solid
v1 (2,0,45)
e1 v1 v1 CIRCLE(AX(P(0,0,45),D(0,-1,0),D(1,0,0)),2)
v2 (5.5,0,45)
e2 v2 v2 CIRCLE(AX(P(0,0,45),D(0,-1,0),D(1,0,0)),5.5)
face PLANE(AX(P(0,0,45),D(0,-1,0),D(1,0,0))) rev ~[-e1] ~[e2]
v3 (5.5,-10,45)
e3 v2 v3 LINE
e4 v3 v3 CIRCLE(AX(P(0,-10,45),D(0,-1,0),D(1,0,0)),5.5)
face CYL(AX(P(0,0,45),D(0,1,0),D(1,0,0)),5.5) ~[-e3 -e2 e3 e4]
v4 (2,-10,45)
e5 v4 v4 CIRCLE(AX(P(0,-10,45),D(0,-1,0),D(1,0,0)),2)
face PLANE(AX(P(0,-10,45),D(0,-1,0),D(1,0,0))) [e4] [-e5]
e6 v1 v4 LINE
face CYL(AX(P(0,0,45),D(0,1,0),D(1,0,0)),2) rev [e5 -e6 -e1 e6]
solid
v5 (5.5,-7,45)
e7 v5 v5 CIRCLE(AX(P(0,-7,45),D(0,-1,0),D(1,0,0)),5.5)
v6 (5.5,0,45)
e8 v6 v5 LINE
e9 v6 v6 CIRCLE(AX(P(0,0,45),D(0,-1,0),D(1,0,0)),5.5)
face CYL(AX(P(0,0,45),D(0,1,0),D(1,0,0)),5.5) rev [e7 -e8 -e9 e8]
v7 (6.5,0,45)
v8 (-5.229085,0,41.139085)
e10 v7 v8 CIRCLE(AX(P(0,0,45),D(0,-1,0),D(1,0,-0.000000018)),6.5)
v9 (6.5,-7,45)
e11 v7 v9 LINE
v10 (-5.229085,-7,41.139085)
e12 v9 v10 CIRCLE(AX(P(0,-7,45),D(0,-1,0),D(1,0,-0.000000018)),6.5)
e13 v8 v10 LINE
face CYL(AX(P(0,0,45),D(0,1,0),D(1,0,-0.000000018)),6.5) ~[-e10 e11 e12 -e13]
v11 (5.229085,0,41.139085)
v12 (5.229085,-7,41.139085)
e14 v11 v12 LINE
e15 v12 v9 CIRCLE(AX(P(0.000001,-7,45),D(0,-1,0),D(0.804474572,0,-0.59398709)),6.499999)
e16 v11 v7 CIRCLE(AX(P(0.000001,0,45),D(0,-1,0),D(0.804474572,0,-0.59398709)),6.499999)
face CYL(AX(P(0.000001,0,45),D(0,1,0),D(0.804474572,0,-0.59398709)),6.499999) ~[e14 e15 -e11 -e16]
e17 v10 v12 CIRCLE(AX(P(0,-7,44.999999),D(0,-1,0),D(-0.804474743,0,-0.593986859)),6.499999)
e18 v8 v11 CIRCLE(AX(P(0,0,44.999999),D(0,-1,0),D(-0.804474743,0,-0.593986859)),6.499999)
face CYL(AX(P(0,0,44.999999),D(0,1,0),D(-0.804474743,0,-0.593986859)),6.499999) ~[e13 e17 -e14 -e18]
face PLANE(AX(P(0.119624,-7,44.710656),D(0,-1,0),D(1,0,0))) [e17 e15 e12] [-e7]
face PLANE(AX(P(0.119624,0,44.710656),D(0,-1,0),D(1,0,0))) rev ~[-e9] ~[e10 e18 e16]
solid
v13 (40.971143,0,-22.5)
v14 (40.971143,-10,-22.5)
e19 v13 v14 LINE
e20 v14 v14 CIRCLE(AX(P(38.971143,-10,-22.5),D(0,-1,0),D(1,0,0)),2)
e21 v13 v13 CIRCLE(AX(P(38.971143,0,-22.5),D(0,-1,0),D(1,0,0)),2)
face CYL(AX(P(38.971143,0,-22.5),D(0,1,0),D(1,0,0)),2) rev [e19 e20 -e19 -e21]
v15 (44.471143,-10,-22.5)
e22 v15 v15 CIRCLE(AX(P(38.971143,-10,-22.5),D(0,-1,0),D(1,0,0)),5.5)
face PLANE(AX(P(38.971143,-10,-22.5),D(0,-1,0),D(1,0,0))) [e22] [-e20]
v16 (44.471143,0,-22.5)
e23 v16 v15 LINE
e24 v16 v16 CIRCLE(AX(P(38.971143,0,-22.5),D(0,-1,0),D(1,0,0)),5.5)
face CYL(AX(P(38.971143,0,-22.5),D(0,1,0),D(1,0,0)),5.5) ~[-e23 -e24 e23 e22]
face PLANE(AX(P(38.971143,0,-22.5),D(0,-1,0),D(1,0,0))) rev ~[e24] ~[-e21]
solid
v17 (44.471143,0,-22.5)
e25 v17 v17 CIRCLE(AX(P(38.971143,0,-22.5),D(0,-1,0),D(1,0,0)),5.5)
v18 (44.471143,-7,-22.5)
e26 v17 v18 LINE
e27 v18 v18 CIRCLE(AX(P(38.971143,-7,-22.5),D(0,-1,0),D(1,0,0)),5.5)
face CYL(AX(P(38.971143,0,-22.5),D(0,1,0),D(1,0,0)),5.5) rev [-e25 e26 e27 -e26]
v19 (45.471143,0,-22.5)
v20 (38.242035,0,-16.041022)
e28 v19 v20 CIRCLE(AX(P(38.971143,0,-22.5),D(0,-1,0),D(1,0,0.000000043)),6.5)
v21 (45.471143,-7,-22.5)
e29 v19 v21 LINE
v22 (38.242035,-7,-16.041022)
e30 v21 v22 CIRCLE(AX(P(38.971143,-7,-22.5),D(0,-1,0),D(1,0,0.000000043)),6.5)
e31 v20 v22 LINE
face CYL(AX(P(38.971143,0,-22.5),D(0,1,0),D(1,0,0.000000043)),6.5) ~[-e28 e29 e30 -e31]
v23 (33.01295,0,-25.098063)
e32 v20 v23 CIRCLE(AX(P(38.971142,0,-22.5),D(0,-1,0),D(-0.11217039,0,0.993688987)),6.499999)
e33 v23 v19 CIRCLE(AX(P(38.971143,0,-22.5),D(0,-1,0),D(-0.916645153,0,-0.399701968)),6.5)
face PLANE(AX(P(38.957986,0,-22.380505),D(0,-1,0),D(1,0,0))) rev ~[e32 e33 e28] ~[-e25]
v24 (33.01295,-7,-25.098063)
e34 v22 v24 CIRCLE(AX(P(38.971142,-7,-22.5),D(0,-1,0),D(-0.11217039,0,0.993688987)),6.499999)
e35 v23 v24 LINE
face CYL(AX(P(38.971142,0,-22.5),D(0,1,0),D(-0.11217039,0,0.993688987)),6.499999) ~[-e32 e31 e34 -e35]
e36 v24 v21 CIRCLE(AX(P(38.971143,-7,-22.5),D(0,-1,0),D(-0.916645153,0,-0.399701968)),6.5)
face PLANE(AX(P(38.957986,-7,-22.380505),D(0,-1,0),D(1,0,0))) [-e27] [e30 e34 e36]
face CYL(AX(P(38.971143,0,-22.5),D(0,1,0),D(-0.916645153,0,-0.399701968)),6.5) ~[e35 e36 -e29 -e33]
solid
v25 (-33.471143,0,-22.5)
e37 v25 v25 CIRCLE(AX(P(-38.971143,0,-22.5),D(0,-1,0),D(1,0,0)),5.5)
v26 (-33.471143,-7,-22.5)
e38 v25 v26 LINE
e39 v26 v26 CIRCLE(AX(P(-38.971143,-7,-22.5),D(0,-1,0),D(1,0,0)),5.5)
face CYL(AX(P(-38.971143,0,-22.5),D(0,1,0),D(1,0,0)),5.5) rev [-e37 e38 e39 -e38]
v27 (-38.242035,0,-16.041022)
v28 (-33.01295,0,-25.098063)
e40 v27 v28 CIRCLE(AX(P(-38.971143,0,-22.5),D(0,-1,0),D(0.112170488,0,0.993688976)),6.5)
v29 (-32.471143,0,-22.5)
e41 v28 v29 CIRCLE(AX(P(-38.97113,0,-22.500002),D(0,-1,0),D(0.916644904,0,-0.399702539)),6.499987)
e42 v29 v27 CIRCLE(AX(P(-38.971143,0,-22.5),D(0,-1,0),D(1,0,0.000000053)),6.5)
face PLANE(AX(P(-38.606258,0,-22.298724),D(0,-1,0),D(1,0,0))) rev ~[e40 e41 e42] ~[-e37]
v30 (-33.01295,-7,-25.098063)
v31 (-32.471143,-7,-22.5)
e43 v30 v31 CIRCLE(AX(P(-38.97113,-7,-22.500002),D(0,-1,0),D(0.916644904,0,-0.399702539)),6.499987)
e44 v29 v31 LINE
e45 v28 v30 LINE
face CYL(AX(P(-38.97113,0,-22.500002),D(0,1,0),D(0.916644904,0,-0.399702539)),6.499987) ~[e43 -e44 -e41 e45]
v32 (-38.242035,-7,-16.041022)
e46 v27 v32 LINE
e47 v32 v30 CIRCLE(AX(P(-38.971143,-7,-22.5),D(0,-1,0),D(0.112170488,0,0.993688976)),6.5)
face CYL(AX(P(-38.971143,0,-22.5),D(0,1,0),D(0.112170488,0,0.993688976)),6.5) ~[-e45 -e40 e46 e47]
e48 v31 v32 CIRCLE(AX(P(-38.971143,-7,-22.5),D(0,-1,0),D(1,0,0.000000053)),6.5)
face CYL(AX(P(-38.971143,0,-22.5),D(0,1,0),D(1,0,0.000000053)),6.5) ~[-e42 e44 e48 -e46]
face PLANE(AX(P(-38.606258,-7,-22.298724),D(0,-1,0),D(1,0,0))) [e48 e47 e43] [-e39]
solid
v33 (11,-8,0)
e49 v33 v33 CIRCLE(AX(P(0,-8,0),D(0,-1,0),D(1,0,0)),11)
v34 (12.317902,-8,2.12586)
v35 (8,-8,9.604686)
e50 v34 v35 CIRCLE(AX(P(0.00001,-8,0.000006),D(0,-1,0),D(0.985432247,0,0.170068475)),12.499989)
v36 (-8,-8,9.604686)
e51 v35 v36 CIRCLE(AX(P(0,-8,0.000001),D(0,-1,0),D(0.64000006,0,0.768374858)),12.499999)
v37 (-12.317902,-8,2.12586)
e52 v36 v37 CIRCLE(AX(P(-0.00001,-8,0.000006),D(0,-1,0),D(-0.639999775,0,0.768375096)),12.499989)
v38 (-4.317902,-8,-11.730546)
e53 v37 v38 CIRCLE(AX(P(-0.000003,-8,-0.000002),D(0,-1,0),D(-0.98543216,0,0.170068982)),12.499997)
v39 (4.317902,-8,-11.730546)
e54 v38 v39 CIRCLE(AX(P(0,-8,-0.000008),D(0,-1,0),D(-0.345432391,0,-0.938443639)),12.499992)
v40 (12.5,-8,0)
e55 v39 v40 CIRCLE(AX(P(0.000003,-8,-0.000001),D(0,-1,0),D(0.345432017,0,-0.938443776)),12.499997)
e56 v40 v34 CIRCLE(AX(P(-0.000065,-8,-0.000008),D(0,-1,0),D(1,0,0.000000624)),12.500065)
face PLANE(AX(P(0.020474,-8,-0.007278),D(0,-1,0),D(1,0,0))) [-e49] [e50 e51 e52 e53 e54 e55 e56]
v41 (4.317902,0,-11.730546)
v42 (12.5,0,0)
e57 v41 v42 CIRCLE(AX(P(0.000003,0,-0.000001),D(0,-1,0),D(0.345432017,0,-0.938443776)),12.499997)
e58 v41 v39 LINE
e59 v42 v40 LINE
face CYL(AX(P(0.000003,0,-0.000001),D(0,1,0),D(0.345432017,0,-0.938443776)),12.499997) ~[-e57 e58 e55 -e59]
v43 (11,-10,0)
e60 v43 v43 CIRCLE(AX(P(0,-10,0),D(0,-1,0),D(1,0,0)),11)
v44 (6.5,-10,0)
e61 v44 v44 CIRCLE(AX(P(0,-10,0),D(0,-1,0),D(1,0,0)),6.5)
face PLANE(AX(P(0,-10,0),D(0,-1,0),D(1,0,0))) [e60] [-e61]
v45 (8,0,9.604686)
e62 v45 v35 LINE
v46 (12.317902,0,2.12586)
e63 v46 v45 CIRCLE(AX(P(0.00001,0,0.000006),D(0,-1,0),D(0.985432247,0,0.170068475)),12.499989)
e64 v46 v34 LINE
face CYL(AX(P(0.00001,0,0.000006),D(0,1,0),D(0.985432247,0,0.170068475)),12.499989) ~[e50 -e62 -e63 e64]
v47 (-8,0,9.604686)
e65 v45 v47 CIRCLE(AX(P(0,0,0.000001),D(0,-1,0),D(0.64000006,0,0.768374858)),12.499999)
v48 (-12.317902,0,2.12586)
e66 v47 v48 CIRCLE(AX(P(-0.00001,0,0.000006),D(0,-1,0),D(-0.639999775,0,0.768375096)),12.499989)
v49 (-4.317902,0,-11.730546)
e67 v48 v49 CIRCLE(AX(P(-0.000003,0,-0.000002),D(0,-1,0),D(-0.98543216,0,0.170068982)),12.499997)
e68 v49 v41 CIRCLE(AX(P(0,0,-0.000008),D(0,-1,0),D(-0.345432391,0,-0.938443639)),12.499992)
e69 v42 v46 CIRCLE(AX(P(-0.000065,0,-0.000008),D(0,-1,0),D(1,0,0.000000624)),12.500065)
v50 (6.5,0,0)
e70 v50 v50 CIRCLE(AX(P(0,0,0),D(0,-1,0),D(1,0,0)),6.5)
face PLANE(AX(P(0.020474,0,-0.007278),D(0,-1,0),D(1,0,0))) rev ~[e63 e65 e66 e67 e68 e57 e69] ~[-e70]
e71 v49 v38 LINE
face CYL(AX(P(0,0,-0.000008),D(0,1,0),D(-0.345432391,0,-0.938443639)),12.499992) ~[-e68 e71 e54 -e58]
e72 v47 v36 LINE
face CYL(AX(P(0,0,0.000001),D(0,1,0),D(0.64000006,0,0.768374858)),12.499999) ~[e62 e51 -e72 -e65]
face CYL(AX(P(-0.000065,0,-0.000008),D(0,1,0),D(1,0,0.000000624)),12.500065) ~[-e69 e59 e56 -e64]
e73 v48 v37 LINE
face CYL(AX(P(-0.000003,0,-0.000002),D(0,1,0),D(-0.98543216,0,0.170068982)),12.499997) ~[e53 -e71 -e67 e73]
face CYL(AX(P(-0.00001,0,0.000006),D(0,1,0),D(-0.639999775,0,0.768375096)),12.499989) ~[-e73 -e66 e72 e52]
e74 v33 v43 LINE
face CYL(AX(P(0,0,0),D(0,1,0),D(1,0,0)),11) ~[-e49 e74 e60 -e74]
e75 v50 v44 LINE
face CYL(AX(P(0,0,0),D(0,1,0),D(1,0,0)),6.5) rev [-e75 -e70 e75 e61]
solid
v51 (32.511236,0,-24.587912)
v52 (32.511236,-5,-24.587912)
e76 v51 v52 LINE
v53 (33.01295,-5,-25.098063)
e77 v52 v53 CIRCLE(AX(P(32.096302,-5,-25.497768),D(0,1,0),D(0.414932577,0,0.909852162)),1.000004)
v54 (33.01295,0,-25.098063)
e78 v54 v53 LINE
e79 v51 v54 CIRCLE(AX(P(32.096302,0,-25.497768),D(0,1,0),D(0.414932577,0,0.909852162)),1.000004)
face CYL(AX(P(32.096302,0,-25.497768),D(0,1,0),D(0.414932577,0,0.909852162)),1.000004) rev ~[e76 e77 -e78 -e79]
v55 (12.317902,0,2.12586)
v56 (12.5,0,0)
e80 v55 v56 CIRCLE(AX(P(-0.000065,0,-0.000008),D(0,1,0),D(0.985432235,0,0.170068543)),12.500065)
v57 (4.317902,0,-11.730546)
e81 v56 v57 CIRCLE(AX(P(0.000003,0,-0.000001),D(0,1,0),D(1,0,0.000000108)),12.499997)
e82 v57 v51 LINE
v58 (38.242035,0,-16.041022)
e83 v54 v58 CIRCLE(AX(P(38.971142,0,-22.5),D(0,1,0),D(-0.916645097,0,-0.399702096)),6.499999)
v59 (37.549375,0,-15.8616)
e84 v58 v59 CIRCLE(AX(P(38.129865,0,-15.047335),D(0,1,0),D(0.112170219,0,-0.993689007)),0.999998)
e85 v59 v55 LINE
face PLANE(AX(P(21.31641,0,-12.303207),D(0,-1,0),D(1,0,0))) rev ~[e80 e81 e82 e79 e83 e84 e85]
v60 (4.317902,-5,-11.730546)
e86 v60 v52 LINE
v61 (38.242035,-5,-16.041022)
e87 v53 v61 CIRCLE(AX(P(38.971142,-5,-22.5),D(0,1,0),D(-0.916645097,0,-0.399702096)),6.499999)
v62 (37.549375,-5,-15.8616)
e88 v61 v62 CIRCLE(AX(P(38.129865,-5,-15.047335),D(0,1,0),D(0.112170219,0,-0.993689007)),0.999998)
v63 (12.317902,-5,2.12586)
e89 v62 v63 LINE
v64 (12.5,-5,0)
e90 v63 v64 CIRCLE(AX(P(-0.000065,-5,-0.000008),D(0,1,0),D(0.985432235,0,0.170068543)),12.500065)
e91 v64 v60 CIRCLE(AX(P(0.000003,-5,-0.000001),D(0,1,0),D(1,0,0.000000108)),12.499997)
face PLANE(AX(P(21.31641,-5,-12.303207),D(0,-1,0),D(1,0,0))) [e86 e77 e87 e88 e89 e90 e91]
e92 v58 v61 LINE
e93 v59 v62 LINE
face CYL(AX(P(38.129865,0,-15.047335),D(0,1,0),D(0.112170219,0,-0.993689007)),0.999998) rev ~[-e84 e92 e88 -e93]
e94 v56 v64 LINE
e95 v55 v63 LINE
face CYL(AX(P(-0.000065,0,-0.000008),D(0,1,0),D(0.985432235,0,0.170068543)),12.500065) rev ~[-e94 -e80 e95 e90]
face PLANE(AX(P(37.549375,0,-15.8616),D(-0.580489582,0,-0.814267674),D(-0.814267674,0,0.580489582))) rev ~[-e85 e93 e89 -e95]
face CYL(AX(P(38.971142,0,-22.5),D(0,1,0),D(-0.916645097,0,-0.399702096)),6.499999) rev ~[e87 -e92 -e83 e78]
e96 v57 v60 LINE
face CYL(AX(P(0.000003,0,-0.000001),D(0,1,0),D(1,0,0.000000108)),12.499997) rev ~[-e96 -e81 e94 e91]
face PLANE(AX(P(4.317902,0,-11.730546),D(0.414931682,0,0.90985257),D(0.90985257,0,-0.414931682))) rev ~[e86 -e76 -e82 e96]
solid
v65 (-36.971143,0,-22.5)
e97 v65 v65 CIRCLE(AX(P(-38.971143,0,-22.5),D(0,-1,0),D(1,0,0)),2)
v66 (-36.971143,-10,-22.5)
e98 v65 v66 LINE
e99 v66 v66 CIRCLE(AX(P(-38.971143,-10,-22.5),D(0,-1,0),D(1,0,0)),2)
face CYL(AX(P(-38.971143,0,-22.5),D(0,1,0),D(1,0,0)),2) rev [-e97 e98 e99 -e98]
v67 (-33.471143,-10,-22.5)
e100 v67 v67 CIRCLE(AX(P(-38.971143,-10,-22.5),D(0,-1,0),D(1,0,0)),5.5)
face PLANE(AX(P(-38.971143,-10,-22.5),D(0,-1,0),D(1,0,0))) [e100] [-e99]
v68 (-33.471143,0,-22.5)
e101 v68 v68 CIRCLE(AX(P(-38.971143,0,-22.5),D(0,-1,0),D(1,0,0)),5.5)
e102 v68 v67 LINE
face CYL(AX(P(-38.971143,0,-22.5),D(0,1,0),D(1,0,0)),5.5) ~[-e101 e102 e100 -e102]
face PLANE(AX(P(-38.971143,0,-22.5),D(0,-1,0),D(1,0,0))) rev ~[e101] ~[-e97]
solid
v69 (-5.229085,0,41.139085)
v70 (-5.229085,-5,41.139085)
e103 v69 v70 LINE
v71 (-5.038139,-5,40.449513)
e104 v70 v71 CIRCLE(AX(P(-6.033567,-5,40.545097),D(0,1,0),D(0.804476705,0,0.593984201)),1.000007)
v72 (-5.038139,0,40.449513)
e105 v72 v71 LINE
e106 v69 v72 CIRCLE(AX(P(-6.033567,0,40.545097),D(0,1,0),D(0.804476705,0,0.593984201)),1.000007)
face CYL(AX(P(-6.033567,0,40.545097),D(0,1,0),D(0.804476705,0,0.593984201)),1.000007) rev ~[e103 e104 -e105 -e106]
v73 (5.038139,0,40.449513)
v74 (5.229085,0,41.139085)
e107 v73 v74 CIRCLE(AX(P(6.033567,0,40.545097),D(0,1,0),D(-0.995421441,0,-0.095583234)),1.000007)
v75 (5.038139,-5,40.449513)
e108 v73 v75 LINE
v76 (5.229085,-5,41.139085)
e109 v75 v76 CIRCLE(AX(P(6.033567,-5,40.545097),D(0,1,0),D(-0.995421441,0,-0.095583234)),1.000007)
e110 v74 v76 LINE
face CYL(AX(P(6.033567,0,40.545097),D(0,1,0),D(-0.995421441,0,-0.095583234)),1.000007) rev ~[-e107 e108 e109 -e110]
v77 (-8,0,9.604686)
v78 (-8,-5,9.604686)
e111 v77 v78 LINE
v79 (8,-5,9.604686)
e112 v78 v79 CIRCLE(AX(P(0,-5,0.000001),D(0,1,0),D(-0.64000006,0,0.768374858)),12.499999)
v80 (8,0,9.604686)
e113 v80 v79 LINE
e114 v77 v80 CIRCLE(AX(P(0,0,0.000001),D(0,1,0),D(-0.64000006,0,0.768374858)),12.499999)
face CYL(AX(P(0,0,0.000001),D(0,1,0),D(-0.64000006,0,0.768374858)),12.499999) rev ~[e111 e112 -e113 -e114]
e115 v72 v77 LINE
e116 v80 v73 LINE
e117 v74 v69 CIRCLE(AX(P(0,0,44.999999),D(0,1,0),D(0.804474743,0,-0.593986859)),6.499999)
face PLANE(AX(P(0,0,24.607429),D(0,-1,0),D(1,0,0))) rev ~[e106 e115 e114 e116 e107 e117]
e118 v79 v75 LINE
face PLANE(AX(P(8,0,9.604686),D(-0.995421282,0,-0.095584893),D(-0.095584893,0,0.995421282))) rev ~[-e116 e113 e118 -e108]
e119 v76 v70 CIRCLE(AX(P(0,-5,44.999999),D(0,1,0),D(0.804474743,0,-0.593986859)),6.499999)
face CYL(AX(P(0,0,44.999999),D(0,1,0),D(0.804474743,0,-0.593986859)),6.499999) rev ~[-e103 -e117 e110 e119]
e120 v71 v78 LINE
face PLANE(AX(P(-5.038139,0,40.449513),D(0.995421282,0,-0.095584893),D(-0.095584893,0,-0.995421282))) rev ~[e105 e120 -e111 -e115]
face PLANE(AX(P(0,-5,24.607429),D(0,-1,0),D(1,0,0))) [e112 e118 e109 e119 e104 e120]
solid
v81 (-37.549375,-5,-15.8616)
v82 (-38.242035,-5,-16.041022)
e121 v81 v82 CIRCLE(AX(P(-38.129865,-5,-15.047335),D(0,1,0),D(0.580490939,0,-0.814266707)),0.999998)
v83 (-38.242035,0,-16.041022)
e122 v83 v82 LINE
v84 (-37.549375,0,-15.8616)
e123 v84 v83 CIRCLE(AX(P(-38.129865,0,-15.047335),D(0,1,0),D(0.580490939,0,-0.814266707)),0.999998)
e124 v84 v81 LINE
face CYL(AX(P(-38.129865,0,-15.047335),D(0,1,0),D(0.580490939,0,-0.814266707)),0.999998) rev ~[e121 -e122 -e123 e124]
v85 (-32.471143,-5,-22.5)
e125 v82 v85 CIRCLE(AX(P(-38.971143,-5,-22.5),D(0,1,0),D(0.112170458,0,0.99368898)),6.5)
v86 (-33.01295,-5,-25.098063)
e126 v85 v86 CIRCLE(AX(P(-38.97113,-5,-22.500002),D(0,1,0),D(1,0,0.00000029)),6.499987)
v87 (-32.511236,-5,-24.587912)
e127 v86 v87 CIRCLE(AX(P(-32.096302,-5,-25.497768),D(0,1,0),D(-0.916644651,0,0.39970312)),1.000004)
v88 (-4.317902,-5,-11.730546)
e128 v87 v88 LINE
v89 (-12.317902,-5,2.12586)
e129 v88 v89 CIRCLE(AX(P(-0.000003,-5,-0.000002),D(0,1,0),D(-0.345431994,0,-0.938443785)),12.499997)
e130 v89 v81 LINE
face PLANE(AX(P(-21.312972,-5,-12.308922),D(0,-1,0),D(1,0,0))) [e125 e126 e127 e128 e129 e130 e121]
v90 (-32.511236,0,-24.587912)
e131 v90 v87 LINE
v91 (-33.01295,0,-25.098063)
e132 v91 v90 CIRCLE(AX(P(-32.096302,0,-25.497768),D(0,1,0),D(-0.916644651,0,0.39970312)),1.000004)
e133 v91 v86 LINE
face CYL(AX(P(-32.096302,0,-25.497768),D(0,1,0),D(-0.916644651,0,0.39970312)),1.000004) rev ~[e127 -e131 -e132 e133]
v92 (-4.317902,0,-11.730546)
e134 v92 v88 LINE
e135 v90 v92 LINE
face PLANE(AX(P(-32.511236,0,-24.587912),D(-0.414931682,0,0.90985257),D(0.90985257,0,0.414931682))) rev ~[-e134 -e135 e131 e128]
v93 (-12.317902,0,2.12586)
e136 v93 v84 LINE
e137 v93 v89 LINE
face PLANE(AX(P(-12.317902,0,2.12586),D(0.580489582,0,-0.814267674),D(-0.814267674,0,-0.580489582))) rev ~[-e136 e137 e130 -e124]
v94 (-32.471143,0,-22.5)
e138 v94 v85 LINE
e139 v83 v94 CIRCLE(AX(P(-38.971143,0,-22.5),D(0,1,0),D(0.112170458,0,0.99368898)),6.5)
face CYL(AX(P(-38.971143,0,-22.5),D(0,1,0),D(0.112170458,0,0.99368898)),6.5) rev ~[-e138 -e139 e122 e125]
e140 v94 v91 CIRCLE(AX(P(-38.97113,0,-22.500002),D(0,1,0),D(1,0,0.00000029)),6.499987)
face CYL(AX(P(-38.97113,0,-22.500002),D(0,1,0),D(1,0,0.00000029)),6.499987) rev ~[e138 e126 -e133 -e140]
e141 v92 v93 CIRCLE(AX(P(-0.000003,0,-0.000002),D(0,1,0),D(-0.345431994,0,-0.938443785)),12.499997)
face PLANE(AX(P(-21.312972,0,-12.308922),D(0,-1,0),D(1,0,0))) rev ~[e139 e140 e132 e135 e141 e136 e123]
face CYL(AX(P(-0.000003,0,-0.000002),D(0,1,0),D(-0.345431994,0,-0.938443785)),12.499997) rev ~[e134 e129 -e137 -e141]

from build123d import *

# Parameters (mm, degrees)
F1_DEPTH = 5
F0_R     = 11
F2_DEPTH = 8
F0_R_2   = 6.5
F3_DEPTH = 10
F0_R_3   = 5.5
F4_DEPTH = 7
F0_R_4   = 2
F5_DEPTH = 10


with BuildPart() as f1:
    # F0 (on Front) → F1 (new body)
    with BuildSketch(Plane.XZ):
        with BuildLine():
            ThreePointArc((-8, 9.604686), (0, 12.5), (8, 9.604686))
            Line((8, 9.604686), (5.038139, 40.449513))
            ThreePointArc((5.038139, 40.449513), (5.069826, 40.811961), (5.229085, 41.139085))
            ThreePointArc((5.229085, 41.139085), (0, 38.5), (-5.229085, 41.139085))
            ThreePointArc((-5.229085, 41.139085), (-5.069826, 40.811961), (-5.038139, 40.449513))
            Line((-5.038139, 40.449513), (-8, 9.604686))
        make_face()
        with BuildLine():
            ThreePointArc((12.317902, 2.12586), (12.454392, 1.066822), (12.5, 0))
            ThreePointArc((12.5, 0), (10.252409, -7.151092), (4.317902, -11.730546))
            Line((4.317902, -11.730546), (32.511236, -24.587912))
            ThreePointArc((32.511236, -24.587912), (32.809283, -24.796579), (33.01295, -25.098063))
            ThreePointArc((33.01295, -25.098063), (33.341978, -19.25), (38.242035, -16.041022))
            ThreePointArc((38.242035, -16.041022), (37.879108, -16.015383), (37.549375, -15.8616))
            Line((37.549375, -15.8616), (12.317902, 2.12586))
        make_face()
        with BuildLine():
            Line((-32.511236, -24.587912), (-4.317902, -11.730546))
            ThreePointArc((-4.317902, -11.730546), (-10.825318, -6.25), (-12.317902, 2.12586))
            Line((-12.317902, 2.12586), (-37.549375, -15.8616))
            ThreePointArc((-37.549375, -15.8616), (-37.879108, -16.015383), (-38.242035, -16.041022))
            ThreePointArc((-38.242035, -16.041022), (-34.12402, -18.16925), (-32.471143, -22.5))
            ThreePointArc((-32.471143, -22.5), (-32.608036, -23.826978), (-33.01295, -25.098063))
            ThreePointArc((-33.01295, -25.098063), (-32.809283, -24.796579), (-32.511236, -24.587912))
        make_face()
    extrude(amount=F1_DEPTH)


with BuildPart() as f2:
    # F0 (on Front) → F2 (new body)
    with BuildSketch(Plane.XZ):
        with BuildLine():
            ThreePointArc((4.317902, -11.730546), (10.252409, -7.151092), (12.5, 0))
            ThreePointArc((12.5, 0), (12.454392, 1.066822), (12.317902, 2.12586))
            ThreePointArc((12.317902, 2.12586), (10.825318, 6.25), (8, 9.604686))
            ThreePointArc((8, 9.604686), (0, 12.5), (-8, 9.604686))
            ThreePointArc((-8, 9.604686), (-10.825318, 6.25), (-12.317902, 2.12586))
            ThreePointArc((-12.317902, 2.12586), (-10.825318, -6.25), (-4.317902, -11.730546))
            ThreePointArc((-4.317902, -11.730546), (0, -12.5), (4.317902, -11.730546))
        make_face()
        Circle(F0_R, mode=Mode.SUBTRACT)
    extrude(amount=F2_DEPTH)

    # F0 (on Front) → F3 (join)
    with BuildSketch(Plane.XZ):
        Circle(F0_R)
        Circle(F0_R_2, mode=Mode.SUBTRACT)
    extrude(amount=F3_DEPTH)


with BuildPart() as f4:
    # F0 (on Front) → F4 (new body)
    with BuildSketch(Plane.XZ):
        with BuildLine():
            ThreePointArc((-38.242035, -16.041022), (-44.600308, -25.75), (-33.01295, -25.098063))
            ThreePointArc((-33.01295, -25.098063), (-32.608036, -23.826978), (-32.471143, -22.5))
            ThreePointArc((-32.471143, -22.5), (-34.12402, -18.16925), (-38.242035, -16.041022))
        make_face()
        with Locations((-38.971143, -22.5)):
            Circle(F0_R_3, mode=Mode.SUBTRACT)
        with BuildLine():
            ThreePointArc((45.471143, -22.5), (43.301893, -17.652877), (38.242035, -16.041022))
            ThreePointArc((38.242035, -16.041022), (33.341978, -19.25), (33.01295, -25.098063))
            ThreePointArc((33.01295, -25.098063), (40.298121, -28.863107), (45.471143, -22.5))
        make_face()
        with Locations((38.971143, -22.5)):
            Circle(F0_R_3, mode=Mode.SUBTRACT)
        with BuildLine():
            ThreePointArc((-5.229085, 41.139085), (0, 38.5), (5.229085, 41.139085))
            ThreePointArc((5.229085, 41.139085), (6.174101, 42.967643), (6.5, 45))
            ThreePointArc((6.5, 45), (-2.032357, 51.174101), (-5.229085, 41.139085))
        make_face()
        with Locations((0, 45)):
            Circle(F0_R_3, mode=Mode.SUBTRACT)
    extrude(amount=F4_DEPTH)


with BuildPart() as f5:
    # F0 (on Front) → F5 (new body)
    with BuildSketch(Plane.XZ):
        with Locations((0, 45)):
            Circle(F0_R_3)
        with Locations((0, 45)):
            Circle(F0_R_4, mode=Mode.SUBTRACT)
        with Locations((38.971143, -22.5)):
            Circle(F0_R_3)
        with Locations((38.971143, -22.5)):
            Circle(F0_R_4, mode=Mode.SUBTRACT)
        with Locations((-38.971143, -22.5)):
            Circle(F0_R_3)
        with Locations((-38.971143, -22.5)):
            Circle(F0_R_4, mode=Mode.SUBTRACT)
    extrude(amount=F5_DEPTH)


solid = Compound([f1.part, f2.part, f4.part, f5.part])
